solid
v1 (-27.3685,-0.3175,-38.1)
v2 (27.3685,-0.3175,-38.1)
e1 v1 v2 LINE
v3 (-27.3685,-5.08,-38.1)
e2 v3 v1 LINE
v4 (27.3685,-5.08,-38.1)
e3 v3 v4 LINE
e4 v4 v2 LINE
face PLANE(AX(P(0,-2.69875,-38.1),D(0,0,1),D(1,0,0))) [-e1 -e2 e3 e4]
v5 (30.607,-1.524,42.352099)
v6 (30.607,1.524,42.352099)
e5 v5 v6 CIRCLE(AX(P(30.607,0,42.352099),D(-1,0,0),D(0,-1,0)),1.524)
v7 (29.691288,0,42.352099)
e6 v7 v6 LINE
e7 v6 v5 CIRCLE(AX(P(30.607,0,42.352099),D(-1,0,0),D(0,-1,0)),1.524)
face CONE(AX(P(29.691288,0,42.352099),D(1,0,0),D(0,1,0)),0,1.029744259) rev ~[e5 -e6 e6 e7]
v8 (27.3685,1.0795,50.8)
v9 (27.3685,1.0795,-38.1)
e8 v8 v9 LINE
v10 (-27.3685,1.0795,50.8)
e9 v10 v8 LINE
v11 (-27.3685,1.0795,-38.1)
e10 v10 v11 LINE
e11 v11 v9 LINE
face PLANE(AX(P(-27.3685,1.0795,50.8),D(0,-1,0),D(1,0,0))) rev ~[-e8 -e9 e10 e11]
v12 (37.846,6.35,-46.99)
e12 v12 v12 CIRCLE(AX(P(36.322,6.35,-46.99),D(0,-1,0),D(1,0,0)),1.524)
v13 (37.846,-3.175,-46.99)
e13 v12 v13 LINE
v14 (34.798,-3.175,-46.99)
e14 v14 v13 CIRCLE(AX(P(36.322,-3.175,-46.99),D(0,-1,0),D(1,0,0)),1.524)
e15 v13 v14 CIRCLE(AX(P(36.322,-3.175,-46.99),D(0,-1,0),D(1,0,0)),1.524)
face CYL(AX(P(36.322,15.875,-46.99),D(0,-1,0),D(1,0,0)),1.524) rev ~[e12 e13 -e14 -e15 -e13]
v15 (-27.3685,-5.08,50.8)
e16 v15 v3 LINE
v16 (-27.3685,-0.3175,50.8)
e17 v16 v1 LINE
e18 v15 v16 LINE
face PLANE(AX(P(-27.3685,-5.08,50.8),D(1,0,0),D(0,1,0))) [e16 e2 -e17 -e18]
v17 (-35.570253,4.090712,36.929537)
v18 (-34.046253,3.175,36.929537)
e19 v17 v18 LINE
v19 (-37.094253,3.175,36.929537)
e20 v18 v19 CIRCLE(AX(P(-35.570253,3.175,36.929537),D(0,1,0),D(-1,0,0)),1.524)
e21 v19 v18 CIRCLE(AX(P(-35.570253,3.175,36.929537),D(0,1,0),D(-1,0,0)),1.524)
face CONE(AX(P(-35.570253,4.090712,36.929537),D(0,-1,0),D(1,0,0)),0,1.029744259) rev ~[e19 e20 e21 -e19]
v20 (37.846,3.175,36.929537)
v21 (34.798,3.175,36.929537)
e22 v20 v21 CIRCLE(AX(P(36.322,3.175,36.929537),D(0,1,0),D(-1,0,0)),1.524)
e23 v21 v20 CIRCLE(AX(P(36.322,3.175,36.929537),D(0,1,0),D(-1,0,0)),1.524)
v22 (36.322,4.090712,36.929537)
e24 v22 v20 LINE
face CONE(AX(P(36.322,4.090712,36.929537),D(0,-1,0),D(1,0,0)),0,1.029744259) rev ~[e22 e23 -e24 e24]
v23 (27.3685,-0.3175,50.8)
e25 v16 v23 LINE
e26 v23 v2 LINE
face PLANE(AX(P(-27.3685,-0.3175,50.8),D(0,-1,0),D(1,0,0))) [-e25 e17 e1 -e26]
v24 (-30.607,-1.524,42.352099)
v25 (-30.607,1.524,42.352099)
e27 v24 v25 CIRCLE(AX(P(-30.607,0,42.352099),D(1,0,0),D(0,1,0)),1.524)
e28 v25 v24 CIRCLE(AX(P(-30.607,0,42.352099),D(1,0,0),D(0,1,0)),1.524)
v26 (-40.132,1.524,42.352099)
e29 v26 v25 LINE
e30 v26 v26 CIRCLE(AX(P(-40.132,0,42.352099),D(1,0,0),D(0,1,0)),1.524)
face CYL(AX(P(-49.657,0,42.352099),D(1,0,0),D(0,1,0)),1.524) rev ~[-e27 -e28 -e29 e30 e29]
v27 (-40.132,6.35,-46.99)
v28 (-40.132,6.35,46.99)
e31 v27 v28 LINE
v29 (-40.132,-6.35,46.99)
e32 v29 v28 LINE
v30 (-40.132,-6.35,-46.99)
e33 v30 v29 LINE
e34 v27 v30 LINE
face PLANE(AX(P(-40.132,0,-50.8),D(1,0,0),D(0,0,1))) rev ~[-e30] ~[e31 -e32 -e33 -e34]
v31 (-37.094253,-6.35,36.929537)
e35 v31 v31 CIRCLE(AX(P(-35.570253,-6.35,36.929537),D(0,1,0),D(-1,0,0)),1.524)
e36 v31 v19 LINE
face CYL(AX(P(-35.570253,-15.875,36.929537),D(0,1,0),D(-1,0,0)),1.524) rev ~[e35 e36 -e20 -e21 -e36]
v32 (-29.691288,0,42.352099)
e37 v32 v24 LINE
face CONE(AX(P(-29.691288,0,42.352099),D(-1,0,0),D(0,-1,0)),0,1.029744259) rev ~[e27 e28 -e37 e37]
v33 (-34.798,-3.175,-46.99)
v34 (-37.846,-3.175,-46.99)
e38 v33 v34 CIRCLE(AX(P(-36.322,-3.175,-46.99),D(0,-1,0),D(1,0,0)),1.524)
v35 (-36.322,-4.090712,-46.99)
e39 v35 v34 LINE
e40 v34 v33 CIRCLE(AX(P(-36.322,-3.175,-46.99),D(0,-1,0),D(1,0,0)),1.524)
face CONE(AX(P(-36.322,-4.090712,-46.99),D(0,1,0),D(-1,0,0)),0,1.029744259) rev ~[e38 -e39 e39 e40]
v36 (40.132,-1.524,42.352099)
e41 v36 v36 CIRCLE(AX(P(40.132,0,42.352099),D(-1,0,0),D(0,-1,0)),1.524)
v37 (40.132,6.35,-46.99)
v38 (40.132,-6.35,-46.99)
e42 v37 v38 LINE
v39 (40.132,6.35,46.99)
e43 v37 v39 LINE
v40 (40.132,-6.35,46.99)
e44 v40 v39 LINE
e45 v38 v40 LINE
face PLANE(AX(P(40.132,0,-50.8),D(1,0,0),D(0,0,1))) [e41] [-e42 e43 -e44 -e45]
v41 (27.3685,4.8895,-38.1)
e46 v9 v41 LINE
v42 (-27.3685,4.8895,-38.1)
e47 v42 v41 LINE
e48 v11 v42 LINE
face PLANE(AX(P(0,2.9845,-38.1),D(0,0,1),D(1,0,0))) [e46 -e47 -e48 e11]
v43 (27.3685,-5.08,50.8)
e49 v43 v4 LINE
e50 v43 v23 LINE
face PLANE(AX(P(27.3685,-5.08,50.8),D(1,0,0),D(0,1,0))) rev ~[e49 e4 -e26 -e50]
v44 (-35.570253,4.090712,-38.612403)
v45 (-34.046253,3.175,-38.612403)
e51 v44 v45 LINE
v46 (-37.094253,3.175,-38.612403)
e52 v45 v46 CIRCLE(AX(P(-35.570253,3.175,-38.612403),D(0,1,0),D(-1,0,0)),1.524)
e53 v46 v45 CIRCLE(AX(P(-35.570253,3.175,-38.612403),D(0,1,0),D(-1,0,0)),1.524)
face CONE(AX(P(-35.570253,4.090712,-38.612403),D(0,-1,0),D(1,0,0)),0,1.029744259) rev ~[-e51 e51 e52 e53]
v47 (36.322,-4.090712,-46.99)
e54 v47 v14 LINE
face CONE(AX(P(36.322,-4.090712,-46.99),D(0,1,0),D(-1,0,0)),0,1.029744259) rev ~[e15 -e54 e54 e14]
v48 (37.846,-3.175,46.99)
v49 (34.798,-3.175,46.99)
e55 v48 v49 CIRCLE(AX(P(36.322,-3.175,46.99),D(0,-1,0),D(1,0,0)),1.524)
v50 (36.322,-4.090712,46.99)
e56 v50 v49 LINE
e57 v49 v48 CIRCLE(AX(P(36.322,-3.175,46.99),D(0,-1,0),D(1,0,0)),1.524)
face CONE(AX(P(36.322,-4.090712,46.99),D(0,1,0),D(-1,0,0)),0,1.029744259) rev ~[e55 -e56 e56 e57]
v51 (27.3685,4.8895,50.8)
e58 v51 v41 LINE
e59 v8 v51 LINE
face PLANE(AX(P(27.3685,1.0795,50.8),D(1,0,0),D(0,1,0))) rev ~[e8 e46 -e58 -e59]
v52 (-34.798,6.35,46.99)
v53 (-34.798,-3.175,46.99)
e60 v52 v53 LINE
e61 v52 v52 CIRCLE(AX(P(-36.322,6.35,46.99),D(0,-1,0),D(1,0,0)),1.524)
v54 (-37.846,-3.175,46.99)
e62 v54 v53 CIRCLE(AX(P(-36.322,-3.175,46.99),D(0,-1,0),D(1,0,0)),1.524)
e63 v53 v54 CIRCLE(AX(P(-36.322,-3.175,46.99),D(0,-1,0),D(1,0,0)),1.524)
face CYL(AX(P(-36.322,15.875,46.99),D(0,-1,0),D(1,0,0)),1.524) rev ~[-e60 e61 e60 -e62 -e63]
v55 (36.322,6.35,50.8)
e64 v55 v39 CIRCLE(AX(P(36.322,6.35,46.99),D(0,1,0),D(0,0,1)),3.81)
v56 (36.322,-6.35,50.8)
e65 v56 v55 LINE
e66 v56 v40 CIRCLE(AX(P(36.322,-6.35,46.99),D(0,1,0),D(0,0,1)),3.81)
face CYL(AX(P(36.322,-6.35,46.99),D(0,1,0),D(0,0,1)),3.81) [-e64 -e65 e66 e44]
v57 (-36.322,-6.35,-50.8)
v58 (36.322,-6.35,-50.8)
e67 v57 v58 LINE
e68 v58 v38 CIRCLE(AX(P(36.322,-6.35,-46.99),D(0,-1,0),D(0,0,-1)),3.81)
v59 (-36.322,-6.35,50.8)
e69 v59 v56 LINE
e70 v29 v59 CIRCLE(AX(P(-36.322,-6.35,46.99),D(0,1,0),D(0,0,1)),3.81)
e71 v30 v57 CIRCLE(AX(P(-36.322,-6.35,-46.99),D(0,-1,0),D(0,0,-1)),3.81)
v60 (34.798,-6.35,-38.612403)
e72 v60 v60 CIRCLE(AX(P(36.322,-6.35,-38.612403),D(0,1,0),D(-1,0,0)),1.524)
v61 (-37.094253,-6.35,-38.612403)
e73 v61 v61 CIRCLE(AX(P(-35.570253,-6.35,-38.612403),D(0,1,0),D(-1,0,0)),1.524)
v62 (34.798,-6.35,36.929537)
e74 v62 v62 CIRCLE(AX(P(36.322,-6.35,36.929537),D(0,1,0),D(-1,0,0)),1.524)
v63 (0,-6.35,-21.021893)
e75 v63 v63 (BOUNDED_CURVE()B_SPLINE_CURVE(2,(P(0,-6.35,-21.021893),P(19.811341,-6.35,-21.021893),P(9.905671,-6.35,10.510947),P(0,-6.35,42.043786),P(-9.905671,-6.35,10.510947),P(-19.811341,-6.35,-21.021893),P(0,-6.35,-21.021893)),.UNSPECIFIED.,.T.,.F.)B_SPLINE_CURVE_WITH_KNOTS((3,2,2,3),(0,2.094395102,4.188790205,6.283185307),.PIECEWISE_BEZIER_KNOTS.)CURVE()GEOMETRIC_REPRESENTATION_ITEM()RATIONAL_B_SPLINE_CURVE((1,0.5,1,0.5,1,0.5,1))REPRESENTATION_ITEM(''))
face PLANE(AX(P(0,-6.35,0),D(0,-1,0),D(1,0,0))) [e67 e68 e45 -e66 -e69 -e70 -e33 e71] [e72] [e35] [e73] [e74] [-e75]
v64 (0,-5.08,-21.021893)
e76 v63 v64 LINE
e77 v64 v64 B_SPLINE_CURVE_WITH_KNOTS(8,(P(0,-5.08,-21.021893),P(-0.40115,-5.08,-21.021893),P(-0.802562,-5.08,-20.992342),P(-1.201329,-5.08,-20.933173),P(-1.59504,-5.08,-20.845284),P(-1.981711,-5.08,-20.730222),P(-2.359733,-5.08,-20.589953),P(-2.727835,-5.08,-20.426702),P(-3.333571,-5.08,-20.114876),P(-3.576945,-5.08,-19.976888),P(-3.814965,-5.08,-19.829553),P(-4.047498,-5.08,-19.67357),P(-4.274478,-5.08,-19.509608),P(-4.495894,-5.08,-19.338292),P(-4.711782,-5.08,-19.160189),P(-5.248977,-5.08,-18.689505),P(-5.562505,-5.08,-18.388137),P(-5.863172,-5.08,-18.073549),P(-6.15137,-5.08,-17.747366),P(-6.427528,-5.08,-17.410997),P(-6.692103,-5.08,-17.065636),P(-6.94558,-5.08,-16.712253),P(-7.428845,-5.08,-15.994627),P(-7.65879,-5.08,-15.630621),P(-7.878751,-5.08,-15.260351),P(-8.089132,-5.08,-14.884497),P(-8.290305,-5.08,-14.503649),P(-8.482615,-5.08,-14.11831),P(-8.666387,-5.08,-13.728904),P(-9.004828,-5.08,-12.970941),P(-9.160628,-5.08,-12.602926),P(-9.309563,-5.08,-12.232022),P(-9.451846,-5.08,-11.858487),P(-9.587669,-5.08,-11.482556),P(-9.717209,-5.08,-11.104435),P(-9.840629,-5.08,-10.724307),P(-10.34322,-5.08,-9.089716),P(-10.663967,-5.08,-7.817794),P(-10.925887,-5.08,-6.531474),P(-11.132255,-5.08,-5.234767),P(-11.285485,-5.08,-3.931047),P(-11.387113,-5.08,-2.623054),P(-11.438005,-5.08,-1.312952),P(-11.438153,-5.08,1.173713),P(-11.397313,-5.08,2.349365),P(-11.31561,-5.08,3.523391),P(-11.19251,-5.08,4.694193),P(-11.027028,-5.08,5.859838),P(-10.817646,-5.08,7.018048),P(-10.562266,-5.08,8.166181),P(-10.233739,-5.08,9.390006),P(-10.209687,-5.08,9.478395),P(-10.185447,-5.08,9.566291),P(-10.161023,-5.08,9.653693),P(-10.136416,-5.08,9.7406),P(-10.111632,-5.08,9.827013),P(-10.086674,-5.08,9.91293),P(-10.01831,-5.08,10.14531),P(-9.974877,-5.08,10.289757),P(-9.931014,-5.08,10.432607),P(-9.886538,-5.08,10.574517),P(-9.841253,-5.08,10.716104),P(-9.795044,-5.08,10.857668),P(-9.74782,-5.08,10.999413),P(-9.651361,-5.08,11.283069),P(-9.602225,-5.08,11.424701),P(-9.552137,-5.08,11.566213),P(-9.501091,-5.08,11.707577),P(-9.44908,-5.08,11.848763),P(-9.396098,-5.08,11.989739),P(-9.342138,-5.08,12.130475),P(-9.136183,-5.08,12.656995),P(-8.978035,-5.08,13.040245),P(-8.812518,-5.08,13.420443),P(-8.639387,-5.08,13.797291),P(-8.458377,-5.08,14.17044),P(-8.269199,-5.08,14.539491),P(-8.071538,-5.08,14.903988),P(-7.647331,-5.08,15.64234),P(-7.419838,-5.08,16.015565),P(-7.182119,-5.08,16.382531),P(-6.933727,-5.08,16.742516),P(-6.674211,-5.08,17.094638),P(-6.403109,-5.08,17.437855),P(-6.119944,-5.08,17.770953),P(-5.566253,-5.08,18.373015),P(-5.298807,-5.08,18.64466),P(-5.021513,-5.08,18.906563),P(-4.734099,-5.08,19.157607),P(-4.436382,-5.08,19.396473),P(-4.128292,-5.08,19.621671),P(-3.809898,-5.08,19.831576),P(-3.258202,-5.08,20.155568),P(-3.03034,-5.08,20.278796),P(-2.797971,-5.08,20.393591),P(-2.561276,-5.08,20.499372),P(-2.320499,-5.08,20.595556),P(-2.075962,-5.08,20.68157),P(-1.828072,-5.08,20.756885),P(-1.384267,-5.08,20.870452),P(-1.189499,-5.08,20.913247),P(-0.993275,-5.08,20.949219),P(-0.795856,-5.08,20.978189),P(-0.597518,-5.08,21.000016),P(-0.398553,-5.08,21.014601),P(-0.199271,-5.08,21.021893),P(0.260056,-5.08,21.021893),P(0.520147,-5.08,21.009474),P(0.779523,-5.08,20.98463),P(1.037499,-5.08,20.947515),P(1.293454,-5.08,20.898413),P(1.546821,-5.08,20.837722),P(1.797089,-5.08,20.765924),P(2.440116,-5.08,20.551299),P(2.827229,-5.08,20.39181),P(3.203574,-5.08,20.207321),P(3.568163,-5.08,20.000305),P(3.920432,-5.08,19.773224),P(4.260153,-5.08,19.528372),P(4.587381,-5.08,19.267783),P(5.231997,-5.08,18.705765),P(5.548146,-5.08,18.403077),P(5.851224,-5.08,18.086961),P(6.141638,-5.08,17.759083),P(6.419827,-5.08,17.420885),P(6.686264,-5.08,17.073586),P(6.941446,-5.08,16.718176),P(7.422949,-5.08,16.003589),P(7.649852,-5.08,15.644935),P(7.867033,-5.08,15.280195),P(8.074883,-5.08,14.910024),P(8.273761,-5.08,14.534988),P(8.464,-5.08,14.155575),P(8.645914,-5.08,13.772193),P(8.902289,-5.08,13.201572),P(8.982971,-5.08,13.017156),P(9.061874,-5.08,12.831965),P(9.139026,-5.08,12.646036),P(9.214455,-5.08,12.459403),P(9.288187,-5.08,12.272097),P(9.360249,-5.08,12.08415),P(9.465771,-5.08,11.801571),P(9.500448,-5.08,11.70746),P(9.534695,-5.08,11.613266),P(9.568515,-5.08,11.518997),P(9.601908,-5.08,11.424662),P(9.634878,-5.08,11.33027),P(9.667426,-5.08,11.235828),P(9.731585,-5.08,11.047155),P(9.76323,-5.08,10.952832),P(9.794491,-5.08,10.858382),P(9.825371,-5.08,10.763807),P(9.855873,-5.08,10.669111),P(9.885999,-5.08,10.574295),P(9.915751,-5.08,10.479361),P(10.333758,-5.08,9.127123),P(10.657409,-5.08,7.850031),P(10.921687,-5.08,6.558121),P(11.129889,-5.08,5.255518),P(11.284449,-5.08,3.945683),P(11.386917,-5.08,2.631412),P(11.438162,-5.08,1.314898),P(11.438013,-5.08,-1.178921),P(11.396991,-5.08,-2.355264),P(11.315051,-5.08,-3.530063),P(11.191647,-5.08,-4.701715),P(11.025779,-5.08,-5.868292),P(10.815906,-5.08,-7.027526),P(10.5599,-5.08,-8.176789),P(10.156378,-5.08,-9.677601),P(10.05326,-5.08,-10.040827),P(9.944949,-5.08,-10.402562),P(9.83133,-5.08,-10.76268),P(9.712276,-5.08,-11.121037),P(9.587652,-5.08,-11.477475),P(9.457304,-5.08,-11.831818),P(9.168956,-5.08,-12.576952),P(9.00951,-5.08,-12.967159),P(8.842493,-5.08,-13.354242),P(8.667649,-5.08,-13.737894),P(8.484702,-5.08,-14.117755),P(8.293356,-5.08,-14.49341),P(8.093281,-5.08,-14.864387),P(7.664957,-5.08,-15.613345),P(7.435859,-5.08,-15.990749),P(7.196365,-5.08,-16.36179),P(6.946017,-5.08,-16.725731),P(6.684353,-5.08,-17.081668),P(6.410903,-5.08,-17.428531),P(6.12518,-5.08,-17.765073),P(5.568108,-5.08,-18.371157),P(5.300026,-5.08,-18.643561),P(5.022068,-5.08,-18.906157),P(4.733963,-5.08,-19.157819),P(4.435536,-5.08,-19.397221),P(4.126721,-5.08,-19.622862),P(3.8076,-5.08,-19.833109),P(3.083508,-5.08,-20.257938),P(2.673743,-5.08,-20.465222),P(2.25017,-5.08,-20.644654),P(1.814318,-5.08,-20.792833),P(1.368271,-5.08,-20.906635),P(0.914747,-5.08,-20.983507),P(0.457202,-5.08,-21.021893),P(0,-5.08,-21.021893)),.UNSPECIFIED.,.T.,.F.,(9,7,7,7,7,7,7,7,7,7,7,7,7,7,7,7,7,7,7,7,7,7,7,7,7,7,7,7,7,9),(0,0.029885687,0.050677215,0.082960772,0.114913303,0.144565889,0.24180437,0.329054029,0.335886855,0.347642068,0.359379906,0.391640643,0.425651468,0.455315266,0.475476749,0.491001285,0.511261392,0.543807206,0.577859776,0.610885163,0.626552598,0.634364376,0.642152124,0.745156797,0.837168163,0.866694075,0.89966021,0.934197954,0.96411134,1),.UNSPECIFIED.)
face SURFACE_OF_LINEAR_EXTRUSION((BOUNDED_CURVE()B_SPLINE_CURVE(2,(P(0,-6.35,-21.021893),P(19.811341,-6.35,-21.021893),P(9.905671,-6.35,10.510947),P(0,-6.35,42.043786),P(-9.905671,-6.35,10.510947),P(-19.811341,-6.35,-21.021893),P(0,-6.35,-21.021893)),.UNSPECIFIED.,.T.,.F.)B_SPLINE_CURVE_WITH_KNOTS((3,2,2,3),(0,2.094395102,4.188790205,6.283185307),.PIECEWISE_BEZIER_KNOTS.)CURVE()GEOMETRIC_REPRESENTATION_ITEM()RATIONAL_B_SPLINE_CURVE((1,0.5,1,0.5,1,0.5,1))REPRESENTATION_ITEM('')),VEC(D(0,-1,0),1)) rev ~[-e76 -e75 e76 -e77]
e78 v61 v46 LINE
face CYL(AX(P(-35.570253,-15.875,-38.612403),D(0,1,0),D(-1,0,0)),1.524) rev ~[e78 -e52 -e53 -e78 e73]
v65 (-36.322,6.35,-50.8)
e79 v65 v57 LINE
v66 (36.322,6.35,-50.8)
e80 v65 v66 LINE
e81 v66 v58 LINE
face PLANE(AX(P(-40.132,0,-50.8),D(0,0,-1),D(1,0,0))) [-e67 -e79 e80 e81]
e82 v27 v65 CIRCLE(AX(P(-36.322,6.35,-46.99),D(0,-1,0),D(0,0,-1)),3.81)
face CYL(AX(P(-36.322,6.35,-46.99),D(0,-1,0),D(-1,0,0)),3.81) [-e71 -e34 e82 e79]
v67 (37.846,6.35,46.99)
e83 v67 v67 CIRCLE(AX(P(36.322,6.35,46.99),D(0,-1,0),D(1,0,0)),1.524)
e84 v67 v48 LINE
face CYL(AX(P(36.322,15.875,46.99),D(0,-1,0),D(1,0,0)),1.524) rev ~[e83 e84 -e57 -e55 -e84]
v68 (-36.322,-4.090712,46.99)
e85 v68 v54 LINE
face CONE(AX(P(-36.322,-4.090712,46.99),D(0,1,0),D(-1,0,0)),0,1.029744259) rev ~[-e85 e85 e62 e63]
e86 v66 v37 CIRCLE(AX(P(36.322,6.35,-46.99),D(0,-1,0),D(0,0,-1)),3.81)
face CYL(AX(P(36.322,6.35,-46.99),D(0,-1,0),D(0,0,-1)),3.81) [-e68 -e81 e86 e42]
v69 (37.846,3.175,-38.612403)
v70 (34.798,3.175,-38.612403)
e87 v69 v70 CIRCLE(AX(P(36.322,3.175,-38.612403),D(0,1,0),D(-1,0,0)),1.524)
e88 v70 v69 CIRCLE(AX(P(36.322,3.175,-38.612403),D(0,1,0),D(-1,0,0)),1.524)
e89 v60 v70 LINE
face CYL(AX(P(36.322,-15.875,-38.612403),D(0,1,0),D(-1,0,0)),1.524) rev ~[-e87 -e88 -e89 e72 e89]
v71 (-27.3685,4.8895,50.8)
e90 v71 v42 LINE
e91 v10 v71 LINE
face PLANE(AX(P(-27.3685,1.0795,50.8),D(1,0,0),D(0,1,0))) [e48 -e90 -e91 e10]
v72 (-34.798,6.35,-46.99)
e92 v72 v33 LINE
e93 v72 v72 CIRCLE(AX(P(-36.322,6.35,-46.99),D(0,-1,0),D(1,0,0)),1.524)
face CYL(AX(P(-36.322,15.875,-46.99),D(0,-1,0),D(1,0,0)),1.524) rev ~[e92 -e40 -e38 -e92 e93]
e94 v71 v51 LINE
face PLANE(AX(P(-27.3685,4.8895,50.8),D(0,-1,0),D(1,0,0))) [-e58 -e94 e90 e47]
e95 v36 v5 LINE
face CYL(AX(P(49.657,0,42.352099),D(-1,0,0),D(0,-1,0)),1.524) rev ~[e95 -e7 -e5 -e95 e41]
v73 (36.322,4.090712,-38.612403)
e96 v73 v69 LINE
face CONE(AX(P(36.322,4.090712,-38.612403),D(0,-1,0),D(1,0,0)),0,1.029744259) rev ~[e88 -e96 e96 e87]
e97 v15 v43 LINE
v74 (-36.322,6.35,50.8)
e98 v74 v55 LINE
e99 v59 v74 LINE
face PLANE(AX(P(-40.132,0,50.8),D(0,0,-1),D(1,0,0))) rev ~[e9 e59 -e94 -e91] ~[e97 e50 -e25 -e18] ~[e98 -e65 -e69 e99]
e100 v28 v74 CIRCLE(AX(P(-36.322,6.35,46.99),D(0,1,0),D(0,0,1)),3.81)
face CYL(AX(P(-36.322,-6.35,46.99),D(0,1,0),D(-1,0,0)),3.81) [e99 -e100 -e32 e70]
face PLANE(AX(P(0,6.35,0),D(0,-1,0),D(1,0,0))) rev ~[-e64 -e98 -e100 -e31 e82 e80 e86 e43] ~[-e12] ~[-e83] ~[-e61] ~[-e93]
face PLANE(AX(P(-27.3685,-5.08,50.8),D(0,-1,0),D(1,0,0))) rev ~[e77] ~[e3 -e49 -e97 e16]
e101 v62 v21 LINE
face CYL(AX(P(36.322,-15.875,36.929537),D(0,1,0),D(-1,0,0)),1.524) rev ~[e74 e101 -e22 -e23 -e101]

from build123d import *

# Parameters (mm, degrees)
F0_W      = 80.264
F0_H      = 101.6
F1_DEPTH  = 6.35
F2_W      = 54.737
F2_H      = 4.7625
F3_DEPTH  = 88.9
F5_DEPTH  = 5.08
F6_W      = 54.737
F6_H      = 3.81
F7_DEPTH  = 88.9
F8_R      = 3.81
F10_D     = 3.048
F10_DEPTH = 9.525
F10_TIP   = 0.9157115834
F12_D     = 3.048
F12_DEPTH = 9.525
F12_TIP   = 0.9157115834
F14_D     = 3.048
F14_DEPTH = 9.525
F14_TIP   = 0.9157115834
F16_D     = 3.048
F16_DEPTH = 9.525
F16_TIP   = 0.9157115834


with BuildPart() as f1:
    # F0 (on Front) → F1 (new body, symmetric)
    with BuildSketch(Plane.XZ):
        Rectangle(F0_W, F0_H)
    extrude(amount=F1_DEPTH, both=True)

    # F2 (on face) → F3 (cut)
    with BuildSketch(Plane.XY.offset(50.8)):
        with Locations((0, -2.69875)):
            Rectangle(F2_W, F2_H)
    extrude(amount=-F3_DEPTH, mode=Mode.SUBTRACT)

    # F4 (on face) → F5 (cut)
    with BuildSketch(Plane.XZ.offset(6.35)):
        with BuildLine():
            add(Edge.make_bspline(
                [(0, -21.021893248), (19.8113411297, -21.021893248), (9.9056705649, 10.510946624), (0, 42.0437864959), (-9.9056705649, 10.510946624), (-19.8113411297, -21.021893248), (0, -21.021893248)],
                knots=[0, 0, 0, 2.0943951024, 2.0943951024, 4.1887902048, 4.1887902048, 6.2831853072, 6.2831853072, 6.2831853072], degree=2, weights=[1, 0.5, 1, 0.5, 1, 0.5, 1]))
        make_face()
    extrude(amount=-F5_DEPTH, mode=Mode.SUBTRACT)

    # F6 (on face) → F7 (cut)
    with BuildSketch(Plane.XY.offset(50.8)):
        with Locations((0, 2.9844999377)):
            Rectangle(F6_W, F6_H)
    extrude(amount=-F7_DEPTH, mode=Mode.SUBTRACT)

    # F8
    f8_edges = [f1.edges().sort_by_distance(p)[0] for p in [
        (40.132, 0, 50.8),
        (-40.132, 0, 50.8),
        (-40.132, 0, -50.8),
        (40.132, 0, -50.8),
    ]]
    fillet(f8_edges, radius=F8_R)

    # F10
    with Locations(Plane(origin=(-40.132, 0, 0), x_dir=(0, -1, 0), z_dir=(-1, 0, 0))):
        with Locations((0, 42.3520989716)):
            Hole(F10_D / 2, depth=F10_DEPTH)
            with Locations((0, 0, -(F10_DEPTH + F10_TIP / 2))):  # 118° drill point
                Cone(0, F10_D / 2, F10_TIP, mode=Mode.SUBTRACT)

    # F12
    with Locations(Plane.YZ.offset(40.132)):
        with Locations((0, 42.3520989716)):
            Hole(F12_D / 2, depth=F12_DEPTH)
            with Locations((0, 0, -(F12_DEPTH + F12_TIP / 2))):  # 118° drill point
                Cone(0, F12_D / 2, F12_TIP, mode=Mode.SUBTRACT)

    # F14
    with Locations(Plane(origin=(0, 6.35, 0), x_dir=(-1, 0, 0), z_dir=(0, 1, 0))):
        with Locations((-36.322, 46.99), (36.322, 46.99), (-36.322, -46.99), (36.322, -46.99)):
            Hole(F14_D / 2, depth=F14_DEPTH)
            with Locations((0, 0, -(F14_DEPTH + F14_TIP / 2))):  # 118° drill point
                Cone(0, F14_D / 2, F14_TIP, mode=Mode.SUBTRACT)

    # F16
    with Locations(Plane.XZ.offset(6.35)):
        with Locations((-35.5702526867, 36.9295366108), (-35.5702526867, -38.6124029756), (36.322, -38.6124029756), (36.322, 36.9295366108)):
            Hole(F16_D / 2, depth=F16_DEPTH)
            with Locations((0, 0, -(F16_DEPTH + F16_TIP / 2))):  # 118° drill point
                Cone(0, F16_D / 2, F16_TIP, mode=Mode.SUBTRACT)


solid = f1.part
